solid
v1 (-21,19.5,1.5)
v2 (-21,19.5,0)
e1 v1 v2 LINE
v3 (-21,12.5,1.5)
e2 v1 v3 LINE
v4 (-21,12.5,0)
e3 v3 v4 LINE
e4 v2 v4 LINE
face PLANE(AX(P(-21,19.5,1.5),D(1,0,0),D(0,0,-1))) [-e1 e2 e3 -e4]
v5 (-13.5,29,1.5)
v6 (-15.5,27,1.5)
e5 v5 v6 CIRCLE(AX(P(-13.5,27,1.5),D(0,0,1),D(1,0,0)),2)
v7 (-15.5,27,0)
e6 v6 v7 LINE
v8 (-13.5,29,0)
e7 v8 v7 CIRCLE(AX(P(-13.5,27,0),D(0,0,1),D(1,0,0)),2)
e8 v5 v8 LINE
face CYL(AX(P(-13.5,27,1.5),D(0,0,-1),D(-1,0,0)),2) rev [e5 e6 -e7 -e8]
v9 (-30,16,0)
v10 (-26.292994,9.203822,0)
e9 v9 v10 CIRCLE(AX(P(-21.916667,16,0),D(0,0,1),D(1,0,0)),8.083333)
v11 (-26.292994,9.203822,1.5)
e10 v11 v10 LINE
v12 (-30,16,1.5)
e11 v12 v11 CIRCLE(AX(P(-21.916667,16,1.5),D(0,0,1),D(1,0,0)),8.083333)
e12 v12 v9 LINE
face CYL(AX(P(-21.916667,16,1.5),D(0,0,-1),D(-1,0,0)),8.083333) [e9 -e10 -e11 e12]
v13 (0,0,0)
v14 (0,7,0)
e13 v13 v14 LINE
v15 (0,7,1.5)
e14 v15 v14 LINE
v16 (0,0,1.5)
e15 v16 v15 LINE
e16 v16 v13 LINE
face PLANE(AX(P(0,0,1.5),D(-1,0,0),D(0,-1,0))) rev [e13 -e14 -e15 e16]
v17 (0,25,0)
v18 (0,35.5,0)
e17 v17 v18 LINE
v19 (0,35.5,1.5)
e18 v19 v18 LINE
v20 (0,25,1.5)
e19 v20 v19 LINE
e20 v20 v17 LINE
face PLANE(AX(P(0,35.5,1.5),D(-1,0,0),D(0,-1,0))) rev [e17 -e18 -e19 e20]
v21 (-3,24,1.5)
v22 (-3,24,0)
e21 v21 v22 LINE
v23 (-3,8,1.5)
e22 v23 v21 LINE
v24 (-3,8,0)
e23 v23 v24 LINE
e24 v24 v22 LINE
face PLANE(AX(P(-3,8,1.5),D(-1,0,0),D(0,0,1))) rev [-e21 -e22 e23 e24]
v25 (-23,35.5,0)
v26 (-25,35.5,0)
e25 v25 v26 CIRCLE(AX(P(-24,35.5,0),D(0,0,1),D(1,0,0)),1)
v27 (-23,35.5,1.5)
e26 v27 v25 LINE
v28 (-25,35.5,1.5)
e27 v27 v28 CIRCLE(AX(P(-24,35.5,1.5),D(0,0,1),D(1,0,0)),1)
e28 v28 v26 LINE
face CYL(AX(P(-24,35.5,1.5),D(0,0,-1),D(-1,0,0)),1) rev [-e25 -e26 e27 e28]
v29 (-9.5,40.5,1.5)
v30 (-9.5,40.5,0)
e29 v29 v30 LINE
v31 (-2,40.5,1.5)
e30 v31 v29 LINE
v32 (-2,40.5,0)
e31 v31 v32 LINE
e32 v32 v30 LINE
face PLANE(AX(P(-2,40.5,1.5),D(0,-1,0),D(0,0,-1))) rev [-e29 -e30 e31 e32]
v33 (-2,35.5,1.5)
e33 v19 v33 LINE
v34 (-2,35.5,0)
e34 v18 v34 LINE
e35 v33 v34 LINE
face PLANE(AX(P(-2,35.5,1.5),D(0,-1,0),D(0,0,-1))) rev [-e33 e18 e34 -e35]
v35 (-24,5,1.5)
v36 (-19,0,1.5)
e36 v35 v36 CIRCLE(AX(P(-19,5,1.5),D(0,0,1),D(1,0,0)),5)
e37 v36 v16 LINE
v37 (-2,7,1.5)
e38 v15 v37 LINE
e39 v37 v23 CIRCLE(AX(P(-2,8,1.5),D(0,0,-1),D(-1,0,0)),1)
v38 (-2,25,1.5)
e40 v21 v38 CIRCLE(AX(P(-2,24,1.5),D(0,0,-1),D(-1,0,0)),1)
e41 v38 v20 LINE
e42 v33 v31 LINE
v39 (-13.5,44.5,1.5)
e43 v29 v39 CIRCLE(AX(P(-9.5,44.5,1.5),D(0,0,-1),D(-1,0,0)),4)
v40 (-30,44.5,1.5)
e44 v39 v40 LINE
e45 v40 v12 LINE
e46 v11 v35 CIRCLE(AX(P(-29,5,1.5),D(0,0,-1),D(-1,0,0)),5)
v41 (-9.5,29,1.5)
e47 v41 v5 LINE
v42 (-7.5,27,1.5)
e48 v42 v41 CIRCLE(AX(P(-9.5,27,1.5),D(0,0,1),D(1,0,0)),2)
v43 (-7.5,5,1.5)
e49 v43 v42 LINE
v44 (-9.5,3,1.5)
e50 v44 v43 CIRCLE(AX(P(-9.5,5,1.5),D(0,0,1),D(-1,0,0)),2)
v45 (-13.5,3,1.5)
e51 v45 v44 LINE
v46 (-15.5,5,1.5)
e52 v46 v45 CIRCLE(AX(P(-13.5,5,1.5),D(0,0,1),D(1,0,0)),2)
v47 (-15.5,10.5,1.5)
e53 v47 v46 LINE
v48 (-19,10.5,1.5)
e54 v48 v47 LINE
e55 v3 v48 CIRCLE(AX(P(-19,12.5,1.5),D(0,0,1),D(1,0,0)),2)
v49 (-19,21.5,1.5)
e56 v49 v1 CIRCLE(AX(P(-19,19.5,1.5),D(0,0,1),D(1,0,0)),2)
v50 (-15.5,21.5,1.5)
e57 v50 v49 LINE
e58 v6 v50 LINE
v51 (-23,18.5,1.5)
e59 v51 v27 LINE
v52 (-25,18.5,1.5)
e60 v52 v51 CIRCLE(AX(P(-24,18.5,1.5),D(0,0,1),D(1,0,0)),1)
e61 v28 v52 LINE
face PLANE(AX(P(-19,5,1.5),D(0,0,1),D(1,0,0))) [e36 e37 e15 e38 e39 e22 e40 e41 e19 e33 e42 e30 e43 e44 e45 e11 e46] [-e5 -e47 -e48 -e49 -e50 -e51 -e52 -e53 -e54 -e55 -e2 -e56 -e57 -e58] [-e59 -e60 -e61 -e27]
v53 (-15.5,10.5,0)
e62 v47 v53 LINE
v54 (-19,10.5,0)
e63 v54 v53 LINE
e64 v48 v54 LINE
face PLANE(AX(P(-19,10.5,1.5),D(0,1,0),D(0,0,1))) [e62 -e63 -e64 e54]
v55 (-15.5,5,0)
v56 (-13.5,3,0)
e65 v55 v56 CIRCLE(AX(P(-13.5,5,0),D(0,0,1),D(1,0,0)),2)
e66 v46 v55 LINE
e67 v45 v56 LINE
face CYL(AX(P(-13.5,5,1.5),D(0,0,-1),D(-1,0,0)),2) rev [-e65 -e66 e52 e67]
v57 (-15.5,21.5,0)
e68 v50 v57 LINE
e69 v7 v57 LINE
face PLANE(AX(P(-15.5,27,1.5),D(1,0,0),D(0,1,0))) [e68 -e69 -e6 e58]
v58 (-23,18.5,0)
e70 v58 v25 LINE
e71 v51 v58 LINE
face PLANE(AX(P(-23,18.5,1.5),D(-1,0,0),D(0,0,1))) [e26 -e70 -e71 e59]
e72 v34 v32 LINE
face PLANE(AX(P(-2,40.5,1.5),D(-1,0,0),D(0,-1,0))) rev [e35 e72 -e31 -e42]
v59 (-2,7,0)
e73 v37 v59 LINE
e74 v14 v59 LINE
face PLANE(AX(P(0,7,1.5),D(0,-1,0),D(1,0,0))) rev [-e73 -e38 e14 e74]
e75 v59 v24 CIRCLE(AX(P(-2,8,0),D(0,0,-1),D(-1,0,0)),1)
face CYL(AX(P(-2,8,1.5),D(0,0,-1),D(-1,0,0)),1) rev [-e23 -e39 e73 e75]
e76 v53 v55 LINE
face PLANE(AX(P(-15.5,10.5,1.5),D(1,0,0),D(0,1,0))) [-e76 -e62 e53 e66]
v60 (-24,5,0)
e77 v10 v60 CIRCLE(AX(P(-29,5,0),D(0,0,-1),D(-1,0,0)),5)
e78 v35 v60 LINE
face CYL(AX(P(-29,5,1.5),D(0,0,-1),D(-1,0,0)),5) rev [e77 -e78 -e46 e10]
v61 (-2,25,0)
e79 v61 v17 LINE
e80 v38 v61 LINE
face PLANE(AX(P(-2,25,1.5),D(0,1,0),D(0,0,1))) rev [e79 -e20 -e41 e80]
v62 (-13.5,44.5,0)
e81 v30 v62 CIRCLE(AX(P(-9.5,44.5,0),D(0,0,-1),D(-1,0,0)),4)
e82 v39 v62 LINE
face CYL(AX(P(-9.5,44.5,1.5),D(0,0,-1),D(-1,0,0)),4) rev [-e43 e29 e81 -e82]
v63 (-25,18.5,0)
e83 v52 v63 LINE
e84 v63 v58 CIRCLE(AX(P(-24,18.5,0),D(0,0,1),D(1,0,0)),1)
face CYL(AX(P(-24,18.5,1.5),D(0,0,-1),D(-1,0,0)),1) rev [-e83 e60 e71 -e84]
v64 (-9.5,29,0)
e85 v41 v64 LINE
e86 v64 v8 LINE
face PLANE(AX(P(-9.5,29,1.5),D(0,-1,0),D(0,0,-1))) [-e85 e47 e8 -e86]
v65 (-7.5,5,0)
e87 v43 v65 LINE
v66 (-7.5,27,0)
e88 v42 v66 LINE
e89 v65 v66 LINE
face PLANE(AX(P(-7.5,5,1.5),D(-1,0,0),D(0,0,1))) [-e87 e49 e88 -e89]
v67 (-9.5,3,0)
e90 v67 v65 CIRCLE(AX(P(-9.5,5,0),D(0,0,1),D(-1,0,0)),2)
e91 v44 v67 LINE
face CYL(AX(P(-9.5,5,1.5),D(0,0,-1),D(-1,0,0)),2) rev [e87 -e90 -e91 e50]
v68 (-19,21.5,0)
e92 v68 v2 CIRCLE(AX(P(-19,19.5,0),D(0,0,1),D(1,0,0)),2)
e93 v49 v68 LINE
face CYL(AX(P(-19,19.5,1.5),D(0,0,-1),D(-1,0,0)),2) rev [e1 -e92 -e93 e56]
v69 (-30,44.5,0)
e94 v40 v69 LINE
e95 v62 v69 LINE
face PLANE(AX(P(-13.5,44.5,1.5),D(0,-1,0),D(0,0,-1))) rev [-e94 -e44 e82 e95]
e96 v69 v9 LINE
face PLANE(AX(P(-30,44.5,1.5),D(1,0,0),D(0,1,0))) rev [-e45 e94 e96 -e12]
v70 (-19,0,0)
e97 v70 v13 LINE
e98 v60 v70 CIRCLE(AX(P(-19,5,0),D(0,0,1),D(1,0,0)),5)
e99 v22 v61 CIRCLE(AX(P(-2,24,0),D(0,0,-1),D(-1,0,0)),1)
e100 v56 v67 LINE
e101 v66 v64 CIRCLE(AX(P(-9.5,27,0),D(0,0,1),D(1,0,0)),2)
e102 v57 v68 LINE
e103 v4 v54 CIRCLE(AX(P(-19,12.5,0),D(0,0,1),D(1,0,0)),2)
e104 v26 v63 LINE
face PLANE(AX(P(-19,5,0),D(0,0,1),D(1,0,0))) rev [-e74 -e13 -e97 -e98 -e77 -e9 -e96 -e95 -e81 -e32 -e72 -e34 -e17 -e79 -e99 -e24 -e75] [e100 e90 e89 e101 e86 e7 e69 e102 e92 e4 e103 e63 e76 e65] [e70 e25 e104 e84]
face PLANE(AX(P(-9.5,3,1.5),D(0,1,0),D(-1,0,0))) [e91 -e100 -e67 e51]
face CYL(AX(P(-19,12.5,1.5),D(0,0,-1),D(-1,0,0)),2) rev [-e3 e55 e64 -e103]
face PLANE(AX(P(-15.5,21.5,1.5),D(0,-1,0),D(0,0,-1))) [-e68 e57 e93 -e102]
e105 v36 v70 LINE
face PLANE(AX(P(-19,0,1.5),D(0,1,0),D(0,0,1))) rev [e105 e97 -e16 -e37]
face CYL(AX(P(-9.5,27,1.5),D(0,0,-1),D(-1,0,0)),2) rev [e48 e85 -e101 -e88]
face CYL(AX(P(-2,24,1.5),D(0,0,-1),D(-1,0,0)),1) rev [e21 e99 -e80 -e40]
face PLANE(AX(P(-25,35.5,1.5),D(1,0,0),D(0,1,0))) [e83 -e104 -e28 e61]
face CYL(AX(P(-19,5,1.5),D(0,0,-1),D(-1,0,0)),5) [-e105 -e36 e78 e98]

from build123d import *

# Parameters (mm, degrees)
BOSS_EXTRUDE1_DEPTH = 1.5


with BuildPart() as part:
    # Sketch1 → Boss-Extrude1 (new body)
    with BuildSketch(Plane.XY):
        with BuildLine():
            Line((-19, 0), (0, 0))
            Line((0, 0), (0, 7))
            Line((0, 7), (-2, 7))
            ThreePointArc((-2, 7), (-2.707106781, 7.292893219), (-3, 8))
            Line((-3, 8), (-3, 24))
            ThreePointArc((-3, 24), (-2.707106781, 24.707106781), (-2, 25))
            Line((-2, 25), (0, 25))
            Line((0, 25), (0, 35.5))
            Line((0, 35.5), (-2, 35.5))
            Line((-2, 35.5), (-2, 40.5))
            Line((-2, 40.5), (-9.5, 40.5))
            ThreePointArc((-9.5, 40.5), (-12.328427125, 41.671572875), (-13.5, 44.5))
            Line((-13.5, 44.5), (-30, 44.5))
            Line((-30, 44.5), (-30, 16))
            ThreePointArc((-30, 16), (-29.012989214, 12.12927861), (-26.292993631, 9.203821656))
            ThreePointArc((-26.292993631, 9.203821656), (-24.610522135, 7.394260653), (-24, 5))
            ThreePointArc((-24, 5), (-22.535533906, 1.464466094), (-19, 0))
        make_face()
        with BuildLine():
            Line((-25, 35.5), (-25, 18.5))
            ThreePointArc((-25, 18.5), (-24, 17.5), (-23, 18.5))
            Line((-23, 18.5), (-23, 35.5))
            ThreePointArc((-23, 35.5), (-24, 36.5), (-25, 35.5))
        make_face(mode=Mode.SUBTRACT)
        with BuildLine():
            Line((-7.5, 5), (-7.5, 27))
            ThreePointArc((-7.5, 27), (-8.085786438, 28.414213562), (-9.5, 29))
            Line((-9.5, 29), (-13.5, 29))
            ThreePointArc((-13.5, 29), (-14.914213562, 28.414213562), (-15.5, 27))
            Line((-15.5, 27), (-15.5, 21.5))
            Line((-15.5, 21.5), (-19, 21.5))
            ThreePointArc((-19, 21.5), (-20.414213562, 20.914213562), (-21, 19.5))
            Line((-21, 19.5), (-21, 12.5))
            ThreePointArc((-21, 12.5), (-20.414213562, 11.085786438), (-19, 10.5))
            Line((-19, 10.5), (-15.5, 10.5))
            Line((-15.5, 10.5), (-15.5, 5))
            ThreePointArc((-15.5, 5), (-14.914213562, 3.585786438), (-13.5, 3))
            Line((-13.5, 3), (-9.5, 3))
            ThreePointArc((-9.5, 3), (-8.085786438, 3.585786438), (-7.5, 5))
        make_face(mode=Mode.SUBTRACT)
    extrude(amount=BOSS_EXTRUDE1_DEPTH)


solid = part.part
